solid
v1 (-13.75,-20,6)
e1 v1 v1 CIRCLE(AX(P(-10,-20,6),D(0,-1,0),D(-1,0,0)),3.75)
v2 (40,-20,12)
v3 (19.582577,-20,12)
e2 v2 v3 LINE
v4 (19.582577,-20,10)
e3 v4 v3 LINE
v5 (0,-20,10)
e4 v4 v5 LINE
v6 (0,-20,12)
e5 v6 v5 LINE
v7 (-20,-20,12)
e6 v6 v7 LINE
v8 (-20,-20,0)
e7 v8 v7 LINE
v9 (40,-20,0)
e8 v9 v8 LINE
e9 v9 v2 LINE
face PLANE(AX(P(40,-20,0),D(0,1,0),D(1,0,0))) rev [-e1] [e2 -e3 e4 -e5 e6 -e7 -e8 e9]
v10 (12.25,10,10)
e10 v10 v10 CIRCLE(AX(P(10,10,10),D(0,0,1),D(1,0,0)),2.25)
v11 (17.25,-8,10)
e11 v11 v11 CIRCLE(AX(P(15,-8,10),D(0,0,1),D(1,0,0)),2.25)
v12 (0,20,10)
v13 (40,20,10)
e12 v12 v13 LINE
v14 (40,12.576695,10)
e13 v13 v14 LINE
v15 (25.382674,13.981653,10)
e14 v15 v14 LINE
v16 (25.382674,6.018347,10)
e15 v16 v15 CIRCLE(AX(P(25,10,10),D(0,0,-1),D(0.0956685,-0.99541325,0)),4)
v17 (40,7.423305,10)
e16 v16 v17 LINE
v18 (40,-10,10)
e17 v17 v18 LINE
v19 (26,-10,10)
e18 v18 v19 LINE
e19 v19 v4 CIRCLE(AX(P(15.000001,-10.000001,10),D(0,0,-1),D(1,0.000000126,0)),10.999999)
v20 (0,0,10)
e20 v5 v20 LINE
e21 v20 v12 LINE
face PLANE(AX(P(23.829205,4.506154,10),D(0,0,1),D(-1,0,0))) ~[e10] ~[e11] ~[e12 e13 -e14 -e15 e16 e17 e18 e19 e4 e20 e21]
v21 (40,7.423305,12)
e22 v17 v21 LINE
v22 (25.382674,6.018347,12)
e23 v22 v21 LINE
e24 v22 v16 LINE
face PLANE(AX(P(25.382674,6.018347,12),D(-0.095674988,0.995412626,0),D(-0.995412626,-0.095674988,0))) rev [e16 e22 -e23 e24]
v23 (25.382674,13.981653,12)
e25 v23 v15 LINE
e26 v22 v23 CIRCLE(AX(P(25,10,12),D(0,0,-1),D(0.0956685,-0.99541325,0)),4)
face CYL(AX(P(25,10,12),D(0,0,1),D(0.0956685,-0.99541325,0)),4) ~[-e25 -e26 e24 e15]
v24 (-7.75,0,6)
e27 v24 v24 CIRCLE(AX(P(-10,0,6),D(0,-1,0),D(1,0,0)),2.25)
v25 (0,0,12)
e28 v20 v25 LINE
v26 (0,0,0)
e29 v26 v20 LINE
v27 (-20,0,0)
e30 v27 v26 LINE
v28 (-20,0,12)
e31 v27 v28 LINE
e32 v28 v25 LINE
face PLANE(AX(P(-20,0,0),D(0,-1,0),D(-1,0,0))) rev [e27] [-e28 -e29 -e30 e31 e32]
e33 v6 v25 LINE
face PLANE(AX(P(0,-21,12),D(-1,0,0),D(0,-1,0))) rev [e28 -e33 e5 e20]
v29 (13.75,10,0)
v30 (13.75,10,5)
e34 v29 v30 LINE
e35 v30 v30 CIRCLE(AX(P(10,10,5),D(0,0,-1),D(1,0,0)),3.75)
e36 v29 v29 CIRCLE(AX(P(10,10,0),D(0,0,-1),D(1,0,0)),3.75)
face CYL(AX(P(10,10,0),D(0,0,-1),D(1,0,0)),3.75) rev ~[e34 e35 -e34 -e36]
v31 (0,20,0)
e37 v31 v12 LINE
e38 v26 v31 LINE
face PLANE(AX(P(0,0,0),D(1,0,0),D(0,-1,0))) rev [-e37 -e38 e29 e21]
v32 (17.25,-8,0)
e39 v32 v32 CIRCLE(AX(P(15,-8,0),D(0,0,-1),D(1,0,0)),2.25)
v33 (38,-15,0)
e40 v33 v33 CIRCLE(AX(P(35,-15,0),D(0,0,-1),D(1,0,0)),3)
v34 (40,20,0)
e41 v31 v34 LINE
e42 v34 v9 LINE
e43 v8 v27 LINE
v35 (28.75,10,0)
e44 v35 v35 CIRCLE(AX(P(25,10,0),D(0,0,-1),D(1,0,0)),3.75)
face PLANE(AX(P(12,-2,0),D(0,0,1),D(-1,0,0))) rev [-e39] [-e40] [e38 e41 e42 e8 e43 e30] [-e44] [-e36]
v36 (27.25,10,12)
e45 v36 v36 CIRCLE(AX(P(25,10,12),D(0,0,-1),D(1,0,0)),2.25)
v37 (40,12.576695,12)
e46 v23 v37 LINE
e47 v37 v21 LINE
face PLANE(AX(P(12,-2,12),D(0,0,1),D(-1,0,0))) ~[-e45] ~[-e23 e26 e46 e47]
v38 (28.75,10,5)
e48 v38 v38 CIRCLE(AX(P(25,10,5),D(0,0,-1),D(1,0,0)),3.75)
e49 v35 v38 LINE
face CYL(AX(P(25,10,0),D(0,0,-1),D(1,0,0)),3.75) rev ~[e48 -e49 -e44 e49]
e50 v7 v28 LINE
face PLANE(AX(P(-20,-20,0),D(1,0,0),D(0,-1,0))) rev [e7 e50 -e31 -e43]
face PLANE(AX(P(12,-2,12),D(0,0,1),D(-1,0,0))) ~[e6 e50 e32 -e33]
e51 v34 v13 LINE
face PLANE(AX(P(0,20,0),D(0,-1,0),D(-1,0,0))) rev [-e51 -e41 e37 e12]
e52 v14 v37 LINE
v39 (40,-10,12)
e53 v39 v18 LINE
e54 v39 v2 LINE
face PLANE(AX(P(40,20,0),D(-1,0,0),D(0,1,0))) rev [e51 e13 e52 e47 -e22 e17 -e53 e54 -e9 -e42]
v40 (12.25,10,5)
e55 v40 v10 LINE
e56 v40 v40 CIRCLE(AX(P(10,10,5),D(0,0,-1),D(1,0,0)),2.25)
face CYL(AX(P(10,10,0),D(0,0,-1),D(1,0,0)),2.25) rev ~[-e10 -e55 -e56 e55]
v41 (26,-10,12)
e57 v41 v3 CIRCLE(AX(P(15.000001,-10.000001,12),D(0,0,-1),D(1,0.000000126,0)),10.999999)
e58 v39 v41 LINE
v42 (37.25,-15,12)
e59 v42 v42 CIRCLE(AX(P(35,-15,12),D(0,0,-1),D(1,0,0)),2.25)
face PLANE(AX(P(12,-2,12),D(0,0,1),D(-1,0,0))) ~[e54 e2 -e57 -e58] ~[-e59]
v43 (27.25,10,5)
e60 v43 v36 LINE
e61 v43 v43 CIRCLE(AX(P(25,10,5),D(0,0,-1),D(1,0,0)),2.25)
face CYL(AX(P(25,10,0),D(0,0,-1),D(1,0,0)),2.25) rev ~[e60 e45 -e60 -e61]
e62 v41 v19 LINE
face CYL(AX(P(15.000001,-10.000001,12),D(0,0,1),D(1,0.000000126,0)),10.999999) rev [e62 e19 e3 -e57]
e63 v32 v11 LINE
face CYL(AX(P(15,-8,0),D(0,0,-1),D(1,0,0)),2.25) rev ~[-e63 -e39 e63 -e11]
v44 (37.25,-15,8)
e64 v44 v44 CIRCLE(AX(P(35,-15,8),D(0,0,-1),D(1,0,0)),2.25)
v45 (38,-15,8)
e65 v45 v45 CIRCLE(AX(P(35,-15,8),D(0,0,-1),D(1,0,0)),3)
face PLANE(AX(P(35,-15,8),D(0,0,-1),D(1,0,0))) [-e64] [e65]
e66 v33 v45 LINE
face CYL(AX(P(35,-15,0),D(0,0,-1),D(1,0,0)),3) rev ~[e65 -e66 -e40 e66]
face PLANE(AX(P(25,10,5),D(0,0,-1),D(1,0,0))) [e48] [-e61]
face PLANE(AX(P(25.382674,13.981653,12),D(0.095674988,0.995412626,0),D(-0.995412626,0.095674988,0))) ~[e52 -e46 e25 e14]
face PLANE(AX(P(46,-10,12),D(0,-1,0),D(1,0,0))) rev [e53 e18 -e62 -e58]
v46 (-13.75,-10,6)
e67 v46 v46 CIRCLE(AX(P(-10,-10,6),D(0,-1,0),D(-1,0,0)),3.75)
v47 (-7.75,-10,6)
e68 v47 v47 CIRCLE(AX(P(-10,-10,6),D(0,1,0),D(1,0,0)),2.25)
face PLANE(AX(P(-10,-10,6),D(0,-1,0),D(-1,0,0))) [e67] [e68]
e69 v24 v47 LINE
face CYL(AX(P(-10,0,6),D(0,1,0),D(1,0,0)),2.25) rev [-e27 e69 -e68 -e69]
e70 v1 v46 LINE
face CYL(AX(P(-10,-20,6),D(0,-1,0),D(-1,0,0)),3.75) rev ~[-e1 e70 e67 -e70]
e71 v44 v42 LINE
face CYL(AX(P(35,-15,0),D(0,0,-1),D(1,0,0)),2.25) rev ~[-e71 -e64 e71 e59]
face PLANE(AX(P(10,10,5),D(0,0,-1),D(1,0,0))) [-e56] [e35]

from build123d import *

# Parameters (mm, degrees)
SKETCH_R                       = 2.25
PAD_DEPTH                      = 12
POCKET_DEPTH                   = 2
SKETCH002_R                    = 2.25
POCKET002_DEPTH                = 20.001
PART_MIRRORING_PLACEMENT_ANGLE = 180
SKETCH003_R                    = 3.75
POCKET003_DEPTH                = 5
SKETCH004_R                    = 3.75
POCKET004_DEPTH                = 10
SKETCH005_R                    = 3
POCKET005_DEPTH                = 8


with BuildPart() as pocket002:
    # Sketch → Pad (new body)
    with BuildSketch(Plane.XY):
        Polygon((0, -20), (40, -20), (40, 20), (-20, 20), (-20, 0), (0, 0), align=None)
        with Locations((15, 8)):
            Circle(SKETCH_R, mode=Mode.SUBTRACT)
        with Locations((10, -10)):
            Circle(SKETCH_R, mode=Mode.SUBTRACT)
        with Locations((35, 15)):
            Circle(SKETCH_R, mode=Mode.SUBTRACT)
        with Locations((25, -10)):
            Circle(SKETCH_R, mode=Mode.SUBTRACT)
    extrude(amount=PAD_DEPTH)

    # Sketch001 → Pocket (cut)
    with BuildSketch(Plane.XY.offset(12)):
        with BuildLine():
            Line((46, 10), (26, 10))
            ThreePointArc((26, 10), (22.778175, 17.778175), (15, 21))
            Line((15, 21), (0, 21))
            Line((0, 21), (0, -23))
            Line((0, -23), (46, -23))
            Line((46, -23), (46, -12))
            Line((25.382674, -13.981653), (46, -12))
            ThreePointArc((25.382674, -6.018347), (21, -10), (25.382674, -13.981653))
            Line((25.382674, -6.018347), (46, -8))
            Line((46, -8), (46, 10))
        make_face()
    extrude(amount=-POCKET_DEPTH, mode=Mode.SUBTRACT)

    # Sketch002 → Pocket002 (cut, through all)
    with BuildSketch(Plane.XZ):
        with Locations((-10, 6)):
            Circle(SKETCH002_R)
    extrude(amount=-POCKET002_DEPTH, mode=Mode.SUBTRACT)


with BuildPart() as pocket005:
    # Part__Mirroring: instance of Pocket002
    add(pocket002.part.mirror(Plane(origin=(0, 0, 0), x_dir=(0, 1, 0), z_dir=(0, 0, 1))))


with BuildPart() as pocket005_1:
    # Part__Mirroring placement: moved
    add(pocket005.part.rotate(Axis((0, 0, 0), (1, 0, 0)), PART_MIRRORING_PLACEMENT_ANGLE))

    # Sketch003 → Pocket003 (cut)
    with BuildSketch(Plane(origin=(0, 0, 0), x_dir=(1, 0, 0), z_dir=(0, 0, -1))):
        with Locations((10, -10)):
            Circle(SKETCH003_R)
        with Locations((25, -10)):
            Circle(SKETCH003_R)
    extrude(amount=-POCKET003_DEPTH, mode=Mode.SUBTRACT)

    # Sketch004 → Pocket004 (cut)
    with BuildSketch(Plane(origin=(0, -20, 0), x_dir=(-1, 0, 0), z_dir=(0, -1, 0))):
        with Locations((10, -6)):
            Circle(SKETCH004_R)
    extrude(amount=-POCKET004_DEPTH, mode=Mode.SUBTRACT)

    # Sketch005 → Pocket005 (cut)
    with BuildSketch(Plane(origin=(0, 0, 0), x_dir=(1, 0, 0), z_dir=(0, 0, -1))):
        with Locations((35, 15)):
            Circle(SKETCH005_R)
    extrude(amount=-POCKET005_DEPTH, mode=Mode.SUBTRACT)


solid = pocket005_1.part
